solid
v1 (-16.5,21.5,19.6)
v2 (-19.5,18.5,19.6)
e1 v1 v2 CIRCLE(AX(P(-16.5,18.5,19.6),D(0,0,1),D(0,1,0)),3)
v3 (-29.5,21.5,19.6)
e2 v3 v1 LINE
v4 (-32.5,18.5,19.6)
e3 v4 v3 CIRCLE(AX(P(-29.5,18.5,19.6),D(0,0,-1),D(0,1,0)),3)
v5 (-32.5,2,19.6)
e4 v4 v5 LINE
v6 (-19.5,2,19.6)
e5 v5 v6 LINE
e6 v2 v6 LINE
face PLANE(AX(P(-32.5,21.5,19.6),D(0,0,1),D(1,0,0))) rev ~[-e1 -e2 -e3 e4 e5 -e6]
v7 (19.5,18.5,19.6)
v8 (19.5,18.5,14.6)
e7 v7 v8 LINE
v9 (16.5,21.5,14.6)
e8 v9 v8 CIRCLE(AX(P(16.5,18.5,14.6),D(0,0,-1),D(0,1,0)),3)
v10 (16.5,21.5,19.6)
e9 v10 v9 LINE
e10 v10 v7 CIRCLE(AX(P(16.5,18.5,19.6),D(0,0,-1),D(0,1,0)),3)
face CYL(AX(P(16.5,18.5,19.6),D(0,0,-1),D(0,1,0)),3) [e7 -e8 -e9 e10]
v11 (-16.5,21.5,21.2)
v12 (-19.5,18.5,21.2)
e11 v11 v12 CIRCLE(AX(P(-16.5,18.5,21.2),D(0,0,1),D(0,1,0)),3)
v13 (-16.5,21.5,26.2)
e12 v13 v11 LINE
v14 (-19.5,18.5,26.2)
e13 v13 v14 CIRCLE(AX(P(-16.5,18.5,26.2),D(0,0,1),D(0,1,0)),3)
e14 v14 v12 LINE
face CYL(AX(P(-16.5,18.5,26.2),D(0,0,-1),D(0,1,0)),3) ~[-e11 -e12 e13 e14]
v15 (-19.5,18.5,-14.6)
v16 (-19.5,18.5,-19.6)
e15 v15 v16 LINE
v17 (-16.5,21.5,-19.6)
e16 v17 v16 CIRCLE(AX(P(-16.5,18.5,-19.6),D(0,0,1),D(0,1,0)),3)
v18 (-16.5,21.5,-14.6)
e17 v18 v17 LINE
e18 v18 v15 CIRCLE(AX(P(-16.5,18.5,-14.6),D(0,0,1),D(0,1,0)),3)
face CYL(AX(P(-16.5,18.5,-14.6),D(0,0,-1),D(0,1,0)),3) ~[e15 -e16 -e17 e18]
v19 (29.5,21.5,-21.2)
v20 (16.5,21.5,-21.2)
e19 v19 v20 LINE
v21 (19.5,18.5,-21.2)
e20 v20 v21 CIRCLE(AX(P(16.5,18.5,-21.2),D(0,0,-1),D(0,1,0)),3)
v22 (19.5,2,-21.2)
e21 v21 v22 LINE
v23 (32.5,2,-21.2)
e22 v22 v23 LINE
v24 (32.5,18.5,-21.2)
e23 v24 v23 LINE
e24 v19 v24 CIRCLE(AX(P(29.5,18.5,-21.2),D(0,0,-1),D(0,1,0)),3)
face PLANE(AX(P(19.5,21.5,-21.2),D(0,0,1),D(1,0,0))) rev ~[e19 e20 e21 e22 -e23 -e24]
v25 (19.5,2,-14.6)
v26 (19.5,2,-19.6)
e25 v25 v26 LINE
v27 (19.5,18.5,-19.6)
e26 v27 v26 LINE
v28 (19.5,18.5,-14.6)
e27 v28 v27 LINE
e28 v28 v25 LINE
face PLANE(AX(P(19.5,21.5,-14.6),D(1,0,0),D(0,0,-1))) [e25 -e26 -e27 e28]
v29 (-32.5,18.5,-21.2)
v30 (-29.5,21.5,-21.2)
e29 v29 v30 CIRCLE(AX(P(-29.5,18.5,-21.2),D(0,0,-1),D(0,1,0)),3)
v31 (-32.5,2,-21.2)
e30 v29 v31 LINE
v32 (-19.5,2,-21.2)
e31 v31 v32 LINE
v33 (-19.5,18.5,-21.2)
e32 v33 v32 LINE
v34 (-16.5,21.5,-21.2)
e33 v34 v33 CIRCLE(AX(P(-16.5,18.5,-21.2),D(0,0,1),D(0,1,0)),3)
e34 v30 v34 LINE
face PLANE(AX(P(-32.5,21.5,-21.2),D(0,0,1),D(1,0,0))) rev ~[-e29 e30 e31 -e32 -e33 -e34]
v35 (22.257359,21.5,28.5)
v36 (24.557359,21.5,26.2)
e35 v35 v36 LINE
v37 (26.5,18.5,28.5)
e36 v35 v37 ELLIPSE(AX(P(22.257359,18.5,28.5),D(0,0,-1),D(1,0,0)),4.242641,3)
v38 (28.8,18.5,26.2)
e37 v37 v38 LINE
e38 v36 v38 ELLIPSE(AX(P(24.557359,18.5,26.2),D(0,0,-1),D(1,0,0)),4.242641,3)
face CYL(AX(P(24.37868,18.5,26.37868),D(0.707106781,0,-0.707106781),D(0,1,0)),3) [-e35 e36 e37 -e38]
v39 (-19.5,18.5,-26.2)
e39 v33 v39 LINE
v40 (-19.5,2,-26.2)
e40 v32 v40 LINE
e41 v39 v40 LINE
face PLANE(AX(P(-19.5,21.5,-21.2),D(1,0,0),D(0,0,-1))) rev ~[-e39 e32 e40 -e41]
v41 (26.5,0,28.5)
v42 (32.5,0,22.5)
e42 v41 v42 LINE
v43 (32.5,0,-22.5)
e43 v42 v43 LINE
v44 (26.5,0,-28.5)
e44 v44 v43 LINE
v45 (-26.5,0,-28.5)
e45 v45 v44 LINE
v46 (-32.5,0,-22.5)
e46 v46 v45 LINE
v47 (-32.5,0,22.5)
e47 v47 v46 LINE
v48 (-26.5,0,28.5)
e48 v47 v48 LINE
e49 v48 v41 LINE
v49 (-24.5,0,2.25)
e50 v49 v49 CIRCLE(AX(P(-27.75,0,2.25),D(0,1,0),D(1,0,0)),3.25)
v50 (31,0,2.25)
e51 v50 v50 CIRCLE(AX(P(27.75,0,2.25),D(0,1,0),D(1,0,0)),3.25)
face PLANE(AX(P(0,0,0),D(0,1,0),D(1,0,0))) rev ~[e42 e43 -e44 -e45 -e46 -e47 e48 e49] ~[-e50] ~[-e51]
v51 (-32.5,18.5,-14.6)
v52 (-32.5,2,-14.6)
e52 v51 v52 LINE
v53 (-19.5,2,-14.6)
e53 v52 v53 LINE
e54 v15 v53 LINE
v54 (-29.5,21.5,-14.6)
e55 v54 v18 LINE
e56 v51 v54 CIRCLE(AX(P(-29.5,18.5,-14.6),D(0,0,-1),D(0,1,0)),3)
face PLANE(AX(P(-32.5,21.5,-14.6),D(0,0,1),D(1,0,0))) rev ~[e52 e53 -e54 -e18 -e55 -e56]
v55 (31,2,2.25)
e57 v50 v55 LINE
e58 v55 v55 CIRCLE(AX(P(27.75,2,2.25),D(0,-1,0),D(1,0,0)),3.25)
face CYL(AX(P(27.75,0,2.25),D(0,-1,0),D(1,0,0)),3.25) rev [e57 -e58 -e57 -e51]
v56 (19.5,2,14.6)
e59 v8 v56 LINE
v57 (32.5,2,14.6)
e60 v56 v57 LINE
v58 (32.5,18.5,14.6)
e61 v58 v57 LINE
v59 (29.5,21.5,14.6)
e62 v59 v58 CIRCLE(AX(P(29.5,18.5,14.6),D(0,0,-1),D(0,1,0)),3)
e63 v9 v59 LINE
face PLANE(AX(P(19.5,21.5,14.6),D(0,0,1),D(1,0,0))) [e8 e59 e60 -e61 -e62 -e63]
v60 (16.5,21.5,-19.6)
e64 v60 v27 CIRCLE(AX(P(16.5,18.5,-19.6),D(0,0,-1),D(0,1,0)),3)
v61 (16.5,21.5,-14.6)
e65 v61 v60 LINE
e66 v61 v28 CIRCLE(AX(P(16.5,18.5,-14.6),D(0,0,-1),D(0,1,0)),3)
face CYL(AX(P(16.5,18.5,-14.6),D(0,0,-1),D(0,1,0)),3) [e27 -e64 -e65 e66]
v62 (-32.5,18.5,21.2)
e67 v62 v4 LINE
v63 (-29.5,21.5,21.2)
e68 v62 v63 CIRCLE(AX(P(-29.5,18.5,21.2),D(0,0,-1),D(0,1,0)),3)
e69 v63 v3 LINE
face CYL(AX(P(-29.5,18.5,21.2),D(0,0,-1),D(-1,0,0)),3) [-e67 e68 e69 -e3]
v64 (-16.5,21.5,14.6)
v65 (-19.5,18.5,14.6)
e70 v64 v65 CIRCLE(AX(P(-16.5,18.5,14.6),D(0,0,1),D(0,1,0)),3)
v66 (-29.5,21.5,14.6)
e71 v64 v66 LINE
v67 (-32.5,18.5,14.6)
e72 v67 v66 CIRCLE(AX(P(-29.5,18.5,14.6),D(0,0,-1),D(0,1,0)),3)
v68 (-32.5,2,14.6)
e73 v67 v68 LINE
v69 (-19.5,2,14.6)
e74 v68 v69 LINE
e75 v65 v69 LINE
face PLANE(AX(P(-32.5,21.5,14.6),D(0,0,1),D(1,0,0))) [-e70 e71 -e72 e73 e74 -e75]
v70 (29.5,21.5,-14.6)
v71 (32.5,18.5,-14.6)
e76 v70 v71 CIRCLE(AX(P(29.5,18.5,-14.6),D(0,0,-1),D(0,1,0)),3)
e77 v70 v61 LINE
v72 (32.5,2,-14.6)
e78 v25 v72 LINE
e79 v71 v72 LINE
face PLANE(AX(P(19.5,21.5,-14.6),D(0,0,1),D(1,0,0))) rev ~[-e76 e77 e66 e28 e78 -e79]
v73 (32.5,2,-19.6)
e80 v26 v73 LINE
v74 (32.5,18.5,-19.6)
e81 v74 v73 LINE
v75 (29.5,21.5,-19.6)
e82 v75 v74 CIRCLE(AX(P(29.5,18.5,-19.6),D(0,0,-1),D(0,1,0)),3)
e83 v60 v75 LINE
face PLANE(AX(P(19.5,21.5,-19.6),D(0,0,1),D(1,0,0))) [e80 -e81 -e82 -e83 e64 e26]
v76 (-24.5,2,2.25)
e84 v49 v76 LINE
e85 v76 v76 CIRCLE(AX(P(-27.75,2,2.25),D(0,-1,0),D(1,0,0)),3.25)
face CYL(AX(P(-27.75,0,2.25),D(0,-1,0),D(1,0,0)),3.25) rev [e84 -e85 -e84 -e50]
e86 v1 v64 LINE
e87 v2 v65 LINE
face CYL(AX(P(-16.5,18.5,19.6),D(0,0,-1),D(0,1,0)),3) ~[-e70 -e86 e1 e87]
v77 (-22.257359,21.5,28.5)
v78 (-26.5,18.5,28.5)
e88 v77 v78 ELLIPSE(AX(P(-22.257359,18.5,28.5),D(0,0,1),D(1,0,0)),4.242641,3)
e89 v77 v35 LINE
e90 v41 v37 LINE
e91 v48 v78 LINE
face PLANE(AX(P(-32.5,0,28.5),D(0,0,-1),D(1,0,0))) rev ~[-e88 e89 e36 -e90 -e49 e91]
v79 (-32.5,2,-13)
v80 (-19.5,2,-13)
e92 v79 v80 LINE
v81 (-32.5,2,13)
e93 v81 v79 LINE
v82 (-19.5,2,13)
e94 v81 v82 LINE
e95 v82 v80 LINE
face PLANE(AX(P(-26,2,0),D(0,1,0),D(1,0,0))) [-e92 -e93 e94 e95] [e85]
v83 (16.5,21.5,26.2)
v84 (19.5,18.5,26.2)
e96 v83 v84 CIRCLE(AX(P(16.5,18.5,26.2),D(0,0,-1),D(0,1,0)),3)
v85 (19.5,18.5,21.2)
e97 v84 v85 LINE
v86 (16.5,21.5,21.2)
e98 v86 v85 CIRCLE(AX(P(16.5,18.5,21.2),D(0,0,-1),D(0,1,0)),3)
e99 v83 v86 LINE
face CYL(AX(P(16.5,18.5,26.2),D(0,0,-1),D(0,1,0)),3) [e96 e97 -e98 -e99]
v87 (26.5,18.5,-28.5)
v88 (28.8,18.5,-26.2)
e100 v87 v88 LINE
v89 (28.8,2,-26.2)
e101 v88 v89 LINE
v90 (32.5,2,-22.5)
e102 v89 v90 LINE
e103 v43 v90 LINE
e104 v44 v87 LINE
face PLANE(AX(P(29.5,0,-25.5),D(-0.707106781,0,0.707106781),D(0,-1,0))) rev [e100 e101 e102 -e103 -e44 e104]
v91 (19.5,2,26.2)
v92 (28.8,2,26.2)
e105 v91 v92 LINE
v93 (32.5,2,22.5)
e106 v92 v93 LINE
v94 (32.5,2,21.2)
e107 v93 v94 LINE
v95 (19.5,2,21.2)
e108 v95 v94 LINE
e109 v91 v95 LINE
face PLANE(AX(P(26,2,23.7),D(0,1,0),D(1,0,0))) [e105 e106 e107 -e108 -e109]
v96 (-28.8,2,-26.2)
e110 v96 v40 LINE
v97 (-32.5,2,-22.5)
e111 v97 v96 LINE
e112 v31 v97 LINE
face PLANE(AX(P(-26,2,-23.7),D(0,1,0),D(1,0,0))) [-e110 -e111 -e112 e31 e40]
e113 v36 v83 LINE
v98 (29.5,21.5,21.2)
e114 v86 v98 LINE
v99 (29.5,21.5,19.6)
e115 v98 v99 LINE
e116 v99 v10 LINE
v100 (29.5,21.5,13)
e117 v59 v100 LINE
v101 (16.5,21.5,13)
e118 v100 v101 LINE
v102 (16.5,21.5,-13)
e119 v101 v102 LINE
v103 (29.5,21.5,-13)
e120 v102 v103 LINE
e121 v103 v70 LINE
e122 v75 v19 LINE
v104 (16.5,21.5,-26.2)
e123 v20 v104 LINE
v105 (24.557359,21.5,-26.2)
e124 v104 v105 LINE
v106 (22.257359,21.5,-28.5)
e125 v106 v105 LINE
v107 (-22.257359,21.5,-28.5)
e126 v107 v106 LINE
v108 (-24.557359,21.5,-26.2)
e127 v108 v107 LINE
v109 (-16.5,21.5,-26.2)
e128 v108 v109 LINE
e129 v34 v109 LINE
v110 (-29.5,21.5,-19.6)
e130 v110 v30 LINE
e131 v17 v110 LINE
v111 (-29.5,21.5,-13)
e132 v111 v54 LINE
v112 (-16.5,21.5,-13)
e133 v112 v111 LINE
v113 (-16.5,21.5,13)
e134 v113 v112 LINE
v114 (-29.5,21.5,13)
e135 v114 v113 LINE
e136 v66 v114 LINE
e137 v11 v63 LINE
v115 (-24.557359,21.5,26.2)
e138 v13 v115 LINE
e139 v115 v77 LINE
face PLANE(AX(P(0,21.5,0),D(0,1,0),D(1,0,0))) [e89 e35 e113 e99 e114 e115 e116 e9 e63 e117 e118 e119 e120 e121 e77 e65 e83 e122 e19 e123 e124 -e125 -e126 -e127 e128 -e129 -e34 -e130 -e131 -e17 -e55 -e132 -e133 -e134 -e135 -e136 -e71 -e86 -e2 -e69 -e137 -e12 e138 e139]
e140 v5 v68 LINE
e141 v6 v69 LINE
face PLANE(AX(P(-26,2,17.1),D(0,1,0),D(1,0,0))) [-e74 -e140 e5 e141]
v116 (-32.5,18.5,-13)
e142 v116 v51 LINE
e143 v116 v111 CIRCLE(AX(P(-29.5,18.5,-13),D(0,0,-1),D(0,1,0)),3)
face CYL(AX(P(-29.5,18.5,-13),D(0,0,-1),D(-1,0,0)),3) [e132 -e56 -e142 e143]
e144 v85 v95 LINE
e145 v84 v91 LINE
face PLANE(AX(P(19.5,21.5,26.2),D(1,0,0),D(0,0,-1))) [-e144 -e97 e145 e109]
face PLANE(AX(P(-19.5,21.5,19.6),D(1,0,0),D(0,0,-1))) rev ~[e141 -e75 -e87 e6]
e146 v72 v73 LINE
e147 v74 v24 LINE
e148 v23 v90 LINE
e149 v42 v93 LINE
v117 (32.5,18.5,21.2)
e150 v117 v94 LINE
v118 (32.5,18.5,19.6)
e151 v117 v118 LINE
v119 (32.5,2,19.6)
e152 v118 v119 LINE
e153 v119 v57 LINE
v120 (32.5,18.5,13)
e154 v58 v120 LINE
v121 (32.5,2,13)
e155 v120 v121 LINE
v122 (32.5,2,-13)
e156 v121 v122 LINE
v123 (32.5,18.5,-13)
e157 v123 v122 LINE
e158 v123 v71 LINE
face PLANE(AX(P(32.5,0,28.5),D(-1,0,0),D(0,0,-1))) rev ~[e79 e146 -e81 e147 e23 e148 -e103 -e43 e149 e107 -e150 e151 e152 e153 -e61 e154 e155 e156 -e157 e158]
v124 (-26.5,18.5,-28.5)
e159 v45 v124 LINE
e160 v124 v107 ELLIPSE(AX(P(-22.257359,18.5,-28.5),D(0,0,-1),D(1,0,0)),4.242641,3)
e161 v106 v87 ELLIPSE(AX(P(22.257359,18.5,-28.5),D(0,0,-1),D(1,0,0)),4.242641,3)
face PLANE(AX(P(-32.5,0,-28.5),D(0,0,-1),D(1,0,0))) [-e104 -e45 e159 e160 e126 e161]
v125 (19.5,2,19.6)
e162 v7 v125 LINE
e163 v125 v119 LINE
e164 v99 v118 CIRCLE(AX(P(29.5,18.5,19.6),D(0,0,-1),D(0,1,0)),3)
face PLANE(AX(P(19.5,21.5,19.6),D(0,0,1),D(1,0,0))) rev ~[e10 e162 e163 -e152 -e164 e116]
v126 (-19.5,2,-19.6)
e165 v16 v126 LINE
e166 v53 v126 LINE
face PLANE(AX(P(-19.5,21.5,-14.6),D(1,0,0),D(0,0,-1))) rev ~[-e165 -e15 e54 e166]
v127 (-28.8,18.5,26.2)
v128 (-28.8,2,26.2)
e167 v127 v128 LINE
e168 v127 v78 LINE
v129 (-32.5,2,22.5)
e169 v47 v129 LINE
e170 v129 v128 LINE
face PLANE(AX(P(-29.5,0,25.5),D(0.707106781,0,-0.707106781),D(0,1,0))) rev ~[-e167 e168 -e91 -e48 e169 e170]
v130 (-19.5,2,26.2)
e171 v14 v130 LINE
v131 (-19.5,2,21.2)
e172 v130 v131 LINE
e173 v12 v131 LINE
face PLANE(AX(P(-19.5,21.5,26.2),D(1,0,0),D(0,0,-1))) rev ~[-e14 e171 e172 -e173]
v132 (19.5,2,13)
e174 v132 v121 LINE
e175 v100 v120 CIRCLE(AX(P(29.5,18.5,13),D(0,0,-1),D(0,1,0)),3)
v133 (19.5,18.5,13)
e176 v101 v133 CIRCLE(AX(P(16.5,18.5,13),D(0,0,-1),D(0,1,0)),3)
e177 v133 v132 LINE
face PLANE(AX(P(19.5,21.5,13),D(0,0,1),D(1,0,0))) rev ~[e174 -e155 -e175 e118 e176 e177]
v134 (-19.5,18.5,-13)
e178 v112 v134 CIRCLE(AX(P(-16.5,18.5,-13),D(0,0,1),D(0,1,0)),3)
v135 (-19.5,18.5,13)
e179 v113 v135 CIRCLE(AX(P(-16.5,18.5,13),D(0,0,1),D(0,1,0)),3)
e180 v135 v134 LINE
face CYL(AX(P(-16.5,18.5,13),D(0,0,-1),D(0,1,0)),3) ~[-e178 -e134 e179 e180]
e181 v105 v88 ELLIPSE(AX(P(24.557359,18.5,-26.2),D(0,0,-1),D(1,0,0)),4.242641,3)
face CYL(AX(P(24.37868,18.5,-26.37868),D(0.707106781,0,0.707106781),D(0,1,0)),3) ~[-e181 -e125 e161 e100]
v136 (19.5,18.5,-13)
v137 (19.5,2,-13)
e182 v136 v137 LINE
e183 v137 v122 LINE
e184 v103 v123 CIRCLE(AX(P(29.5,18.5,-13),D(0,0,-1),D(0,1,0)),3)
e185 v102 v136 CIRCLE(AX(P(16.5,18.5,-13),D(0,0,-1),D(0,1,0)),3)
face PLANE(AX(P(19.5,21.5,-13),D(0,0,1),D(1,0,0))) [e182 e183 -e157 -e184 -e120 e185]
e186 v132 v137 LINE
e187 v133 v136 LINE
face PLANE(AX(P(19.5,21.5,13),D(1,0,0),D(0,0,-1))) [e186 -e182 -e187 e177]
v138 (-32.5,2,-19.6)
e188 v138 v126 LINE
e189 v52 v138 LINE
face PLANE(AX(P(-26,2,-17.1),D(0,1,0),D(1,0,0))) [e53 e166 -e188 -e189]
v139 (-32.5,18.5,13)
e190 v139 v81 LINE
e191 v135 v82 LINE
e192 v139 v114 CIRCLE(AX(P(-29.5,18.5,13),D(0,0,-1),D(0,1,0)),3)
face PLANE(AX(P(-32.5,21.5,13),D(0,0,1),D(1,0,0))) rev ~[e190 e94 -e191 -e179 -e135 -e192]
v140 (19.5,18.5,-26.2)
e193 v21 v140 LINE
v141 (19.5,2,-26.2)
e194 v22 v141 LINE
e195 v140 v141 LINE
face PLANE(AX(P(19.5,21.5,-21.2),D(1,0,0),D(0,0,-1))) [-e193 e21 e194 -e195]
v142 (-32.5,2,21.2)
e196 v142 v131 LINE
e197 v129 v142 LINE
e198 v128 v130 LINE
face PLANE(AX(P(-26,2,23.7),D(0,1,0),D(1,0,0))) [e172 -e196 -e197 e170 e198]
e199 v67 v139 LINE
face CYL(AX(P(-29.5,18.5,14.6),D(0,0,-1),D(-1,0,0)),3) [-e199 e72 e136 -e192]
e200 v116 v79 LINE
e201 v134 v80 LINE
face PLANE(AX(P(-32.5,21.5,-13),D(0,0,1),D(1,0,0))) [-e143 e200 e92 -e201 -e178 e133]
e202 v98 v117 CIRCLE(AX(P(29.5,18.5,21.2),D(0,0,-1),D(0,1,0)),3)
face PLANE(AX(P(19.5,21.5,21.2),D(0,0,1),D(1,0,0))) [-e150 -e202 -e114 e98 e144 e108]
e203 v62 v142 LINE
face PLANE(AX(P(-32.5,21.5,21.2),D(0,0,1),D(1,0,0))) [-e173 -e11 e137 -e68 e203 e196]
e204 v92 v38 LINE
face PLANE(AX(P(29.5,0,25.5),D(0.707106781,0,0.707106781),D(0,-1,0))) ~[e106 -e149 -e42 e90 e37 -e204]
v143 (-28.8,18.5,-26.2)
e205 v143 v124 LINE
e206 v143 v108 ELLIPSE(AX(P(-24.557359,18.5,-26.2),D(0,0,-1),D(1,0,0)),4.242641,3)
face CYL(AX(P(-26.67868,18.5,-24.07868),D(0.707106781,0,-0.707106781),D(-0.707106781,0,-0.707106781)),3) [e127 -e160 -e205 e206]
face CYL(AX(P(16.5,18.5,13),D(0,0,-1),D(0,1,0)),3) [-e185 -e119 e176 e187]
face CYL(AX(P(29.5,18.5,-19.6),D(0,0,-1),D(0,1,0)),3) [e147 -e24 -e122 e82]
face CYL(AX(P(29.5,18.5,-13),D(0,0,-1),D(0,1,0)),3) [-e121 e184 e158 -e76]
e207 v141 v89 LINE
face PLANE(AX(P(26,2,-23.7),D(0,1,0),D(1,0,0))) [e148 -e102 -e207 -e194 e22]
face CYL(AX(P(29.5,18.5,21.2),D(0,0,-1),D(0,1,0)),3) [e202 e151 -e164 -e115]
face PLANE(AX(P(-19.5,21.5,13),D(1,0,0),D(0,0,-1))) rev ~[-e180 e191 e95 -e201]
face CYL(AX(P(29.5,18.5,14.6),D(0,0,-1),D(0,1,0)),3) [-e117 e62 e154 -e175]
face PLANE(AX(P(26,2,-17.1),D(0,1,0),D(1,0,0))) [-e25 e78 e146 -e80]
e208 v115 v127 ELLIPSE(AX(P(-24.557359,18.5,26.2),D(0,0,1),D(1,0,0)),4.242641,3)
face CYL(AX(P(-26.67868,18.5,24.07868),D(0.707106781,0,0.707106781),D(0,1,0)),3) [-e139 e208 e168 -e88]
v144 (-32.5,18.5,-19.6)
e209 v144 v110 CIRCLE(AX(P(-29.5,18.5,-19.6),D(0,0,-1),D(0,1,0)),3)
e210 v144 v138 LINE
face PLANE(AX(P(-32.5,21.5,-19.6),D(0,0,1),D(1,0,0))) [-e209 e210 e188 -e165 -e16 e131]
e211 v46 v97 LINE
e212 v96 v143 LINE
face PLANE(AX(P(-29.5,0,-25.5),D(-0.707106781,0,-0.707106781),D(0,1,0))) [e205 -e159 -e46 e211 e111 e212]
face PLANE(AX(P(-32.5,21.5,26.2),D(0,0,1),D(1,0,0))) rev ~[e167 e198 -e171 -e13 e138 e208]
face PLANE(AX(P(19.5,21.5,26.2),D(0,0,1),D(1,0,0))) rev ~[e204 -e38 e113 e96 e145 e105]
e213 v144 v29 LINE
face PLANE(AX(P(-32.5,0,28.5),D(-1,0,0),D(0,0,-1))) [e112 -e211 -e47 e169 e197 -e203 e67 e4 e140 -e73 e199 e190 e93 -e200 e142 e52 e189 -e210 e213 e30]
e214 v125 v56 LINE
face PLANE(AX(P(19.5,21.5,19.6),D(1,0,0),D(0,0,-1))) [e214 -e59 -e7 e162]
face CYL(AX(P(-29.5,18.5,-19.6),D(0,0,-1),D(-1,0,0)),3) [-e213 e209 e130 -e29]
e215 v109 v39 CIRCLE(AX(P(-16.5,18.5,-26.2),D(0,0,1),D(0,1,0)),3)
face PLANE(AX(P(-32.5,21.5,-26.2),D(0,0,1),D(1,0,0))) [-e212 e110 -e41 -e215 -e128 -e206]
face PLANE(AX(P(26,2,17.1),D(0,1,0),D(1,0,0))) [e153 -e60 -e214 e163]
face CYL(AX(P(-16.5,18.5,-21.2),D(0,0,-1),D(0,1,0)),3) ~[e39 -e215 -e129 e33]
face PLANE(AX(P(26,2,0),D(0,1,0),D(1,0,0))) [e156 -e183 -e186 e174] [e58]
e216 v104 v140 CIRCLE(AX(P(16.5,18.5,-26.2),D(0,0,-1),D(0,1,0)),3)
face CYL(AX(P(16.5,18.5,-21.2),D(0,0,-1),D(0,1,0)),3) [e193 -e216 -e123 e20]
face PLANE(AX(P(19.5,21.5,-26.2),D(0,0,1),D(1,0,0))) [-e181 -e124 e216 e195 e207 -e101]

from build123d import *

# Parameters (mm, degrees)
SKETCH1_W           = 65
SKETCH1_H           = 57
SKETCH1_R           = 3.25
BOSS_EXTRUDE1_DEPTH = 21.5
CHAMFER1_SIZE       = 6
SKETCH2_W           = 13
SKETCH2_H           = 26
SKETCH2_H_2         = 5
CUT_EXTRUDE1_DEPTH  = 19.5
FILLET1_R           = 3


with BuildPart() as part:
    # Sketch1 → Boss-Extrude1 (new body)
    with BuildSketch(Plane(origin=(0, 0, 0), x_dir=(1, 0, 0), z_dir=(0, 1, 0))):
        Rectangle(SKETCH1_W, SKETCH1_H)
        with Locations((27.75, -2.25)):
            Circle(SKETCH1_R, mode=Mode.SUBTRACT)
        with Locations((-27.75, -2.25)):
            Circle(SKETCH1_R, mode=Mode.SUBTRACT)
    extrude(amount=BOSS_EXTRUDE1_DEPTH)

    # Chamfer1
    chamfer1_edges = [part.edges().sort_by_distance(p)[0] for p in [
        (32.5, 10.75, 28.5),
        (-32.5, 10.75, 28.5),
        (-32.5, 10.75, -28.5),
        (32.5, 10.75, -28.5),
    ]]
    chamfer(chamfer1_edges, length=CHAMFER1_SIZE)

    # Sketch2 → Cut-Extrude1 (cut)
    with BuildSketch(Plane(origin=(0, 21.5, 0), x_dir=(1, 0, 0), z_dir=(0, 1, 0))):
        with Locations((-26, 0)):
            Rectangle(SKETCH2_W, SKETCH2_H)
        with Locations((-26, 17.1)):
            Rectangle(SKETCH2_W, SKETCH2_H_2)
        with Locations((-26, 23.7)):
            Rectangle(SKETCH2_W, SKETCH2_H_2)
        with Locations((-26, -17.1)):
            Rectangle(SKETCH2_W, SKETCH2_H_2)
        with Locations((-26, -23.7)):
            Rectangle(SKETCH2_W, SKETCH2_H_2)
        with Locations((26, -23.7)):
            Rectangle(SKETCH2_W, SKETCH2_H_2)
        with Locations((26, -17.1)):
            Rectangle(SKETCH2_W, SKETCH2_H_2)
        with Locations((26, 0)):
            Rectangle(SKETCH2_W, SKETCH2_H)
        with Locations((26, 17.1)):
            Rectangle(SKETCH2_W, SKETCH2_H_2)
        with Locations((26, 23.7)):
            Rectangle(SKETCH2_W, SKETCH2_H_2)
    extrude(amount=-CUT_EXTRUDE1_DEPTH, mode=Mode.SUBTRACT)

    # Fillet1
    fillet1_edges = [part.edges().sort_by_distance(p)[0] for p in [
        (-19.5, 21.5, 17.1),
        (-19.5, 21.5, 23.7),
        (19.5, 21.5, 23.7),
        (19.5, 21.5, 17.1),
        (19.5, 21.5, 0),
        (19.5, 21.5, -17.1),
        (19.5, 21.5, -23.7),
        (-19.5, 21.5, 0),
        (-27.65, 21.5, -27.35),
        (27.65, 21.5, 27.35),
        (-27.65, 21.5, 27.35),
        (27.65, 21.5, -27.35),
        (-32.5, 21.5, -20.4),
        (-32.5, 21.5, -13.8),
        (-32.5, 21.5, 13.8),
        (-32.5, 21.5, 20.4),
        (32.5, 21.5, 20.4),
        (32.5, 21.5, 13.8),
        (32.5, 21.5, -13.8),
        (32.5, 21.5, -20.4),
        (-19.5, 21.5, -17.1),
        (-19.5, 21.5, -23.7),
    ]]
    fillet(fillet1_edges, radius=FILLET1_R)


solid = part.part
